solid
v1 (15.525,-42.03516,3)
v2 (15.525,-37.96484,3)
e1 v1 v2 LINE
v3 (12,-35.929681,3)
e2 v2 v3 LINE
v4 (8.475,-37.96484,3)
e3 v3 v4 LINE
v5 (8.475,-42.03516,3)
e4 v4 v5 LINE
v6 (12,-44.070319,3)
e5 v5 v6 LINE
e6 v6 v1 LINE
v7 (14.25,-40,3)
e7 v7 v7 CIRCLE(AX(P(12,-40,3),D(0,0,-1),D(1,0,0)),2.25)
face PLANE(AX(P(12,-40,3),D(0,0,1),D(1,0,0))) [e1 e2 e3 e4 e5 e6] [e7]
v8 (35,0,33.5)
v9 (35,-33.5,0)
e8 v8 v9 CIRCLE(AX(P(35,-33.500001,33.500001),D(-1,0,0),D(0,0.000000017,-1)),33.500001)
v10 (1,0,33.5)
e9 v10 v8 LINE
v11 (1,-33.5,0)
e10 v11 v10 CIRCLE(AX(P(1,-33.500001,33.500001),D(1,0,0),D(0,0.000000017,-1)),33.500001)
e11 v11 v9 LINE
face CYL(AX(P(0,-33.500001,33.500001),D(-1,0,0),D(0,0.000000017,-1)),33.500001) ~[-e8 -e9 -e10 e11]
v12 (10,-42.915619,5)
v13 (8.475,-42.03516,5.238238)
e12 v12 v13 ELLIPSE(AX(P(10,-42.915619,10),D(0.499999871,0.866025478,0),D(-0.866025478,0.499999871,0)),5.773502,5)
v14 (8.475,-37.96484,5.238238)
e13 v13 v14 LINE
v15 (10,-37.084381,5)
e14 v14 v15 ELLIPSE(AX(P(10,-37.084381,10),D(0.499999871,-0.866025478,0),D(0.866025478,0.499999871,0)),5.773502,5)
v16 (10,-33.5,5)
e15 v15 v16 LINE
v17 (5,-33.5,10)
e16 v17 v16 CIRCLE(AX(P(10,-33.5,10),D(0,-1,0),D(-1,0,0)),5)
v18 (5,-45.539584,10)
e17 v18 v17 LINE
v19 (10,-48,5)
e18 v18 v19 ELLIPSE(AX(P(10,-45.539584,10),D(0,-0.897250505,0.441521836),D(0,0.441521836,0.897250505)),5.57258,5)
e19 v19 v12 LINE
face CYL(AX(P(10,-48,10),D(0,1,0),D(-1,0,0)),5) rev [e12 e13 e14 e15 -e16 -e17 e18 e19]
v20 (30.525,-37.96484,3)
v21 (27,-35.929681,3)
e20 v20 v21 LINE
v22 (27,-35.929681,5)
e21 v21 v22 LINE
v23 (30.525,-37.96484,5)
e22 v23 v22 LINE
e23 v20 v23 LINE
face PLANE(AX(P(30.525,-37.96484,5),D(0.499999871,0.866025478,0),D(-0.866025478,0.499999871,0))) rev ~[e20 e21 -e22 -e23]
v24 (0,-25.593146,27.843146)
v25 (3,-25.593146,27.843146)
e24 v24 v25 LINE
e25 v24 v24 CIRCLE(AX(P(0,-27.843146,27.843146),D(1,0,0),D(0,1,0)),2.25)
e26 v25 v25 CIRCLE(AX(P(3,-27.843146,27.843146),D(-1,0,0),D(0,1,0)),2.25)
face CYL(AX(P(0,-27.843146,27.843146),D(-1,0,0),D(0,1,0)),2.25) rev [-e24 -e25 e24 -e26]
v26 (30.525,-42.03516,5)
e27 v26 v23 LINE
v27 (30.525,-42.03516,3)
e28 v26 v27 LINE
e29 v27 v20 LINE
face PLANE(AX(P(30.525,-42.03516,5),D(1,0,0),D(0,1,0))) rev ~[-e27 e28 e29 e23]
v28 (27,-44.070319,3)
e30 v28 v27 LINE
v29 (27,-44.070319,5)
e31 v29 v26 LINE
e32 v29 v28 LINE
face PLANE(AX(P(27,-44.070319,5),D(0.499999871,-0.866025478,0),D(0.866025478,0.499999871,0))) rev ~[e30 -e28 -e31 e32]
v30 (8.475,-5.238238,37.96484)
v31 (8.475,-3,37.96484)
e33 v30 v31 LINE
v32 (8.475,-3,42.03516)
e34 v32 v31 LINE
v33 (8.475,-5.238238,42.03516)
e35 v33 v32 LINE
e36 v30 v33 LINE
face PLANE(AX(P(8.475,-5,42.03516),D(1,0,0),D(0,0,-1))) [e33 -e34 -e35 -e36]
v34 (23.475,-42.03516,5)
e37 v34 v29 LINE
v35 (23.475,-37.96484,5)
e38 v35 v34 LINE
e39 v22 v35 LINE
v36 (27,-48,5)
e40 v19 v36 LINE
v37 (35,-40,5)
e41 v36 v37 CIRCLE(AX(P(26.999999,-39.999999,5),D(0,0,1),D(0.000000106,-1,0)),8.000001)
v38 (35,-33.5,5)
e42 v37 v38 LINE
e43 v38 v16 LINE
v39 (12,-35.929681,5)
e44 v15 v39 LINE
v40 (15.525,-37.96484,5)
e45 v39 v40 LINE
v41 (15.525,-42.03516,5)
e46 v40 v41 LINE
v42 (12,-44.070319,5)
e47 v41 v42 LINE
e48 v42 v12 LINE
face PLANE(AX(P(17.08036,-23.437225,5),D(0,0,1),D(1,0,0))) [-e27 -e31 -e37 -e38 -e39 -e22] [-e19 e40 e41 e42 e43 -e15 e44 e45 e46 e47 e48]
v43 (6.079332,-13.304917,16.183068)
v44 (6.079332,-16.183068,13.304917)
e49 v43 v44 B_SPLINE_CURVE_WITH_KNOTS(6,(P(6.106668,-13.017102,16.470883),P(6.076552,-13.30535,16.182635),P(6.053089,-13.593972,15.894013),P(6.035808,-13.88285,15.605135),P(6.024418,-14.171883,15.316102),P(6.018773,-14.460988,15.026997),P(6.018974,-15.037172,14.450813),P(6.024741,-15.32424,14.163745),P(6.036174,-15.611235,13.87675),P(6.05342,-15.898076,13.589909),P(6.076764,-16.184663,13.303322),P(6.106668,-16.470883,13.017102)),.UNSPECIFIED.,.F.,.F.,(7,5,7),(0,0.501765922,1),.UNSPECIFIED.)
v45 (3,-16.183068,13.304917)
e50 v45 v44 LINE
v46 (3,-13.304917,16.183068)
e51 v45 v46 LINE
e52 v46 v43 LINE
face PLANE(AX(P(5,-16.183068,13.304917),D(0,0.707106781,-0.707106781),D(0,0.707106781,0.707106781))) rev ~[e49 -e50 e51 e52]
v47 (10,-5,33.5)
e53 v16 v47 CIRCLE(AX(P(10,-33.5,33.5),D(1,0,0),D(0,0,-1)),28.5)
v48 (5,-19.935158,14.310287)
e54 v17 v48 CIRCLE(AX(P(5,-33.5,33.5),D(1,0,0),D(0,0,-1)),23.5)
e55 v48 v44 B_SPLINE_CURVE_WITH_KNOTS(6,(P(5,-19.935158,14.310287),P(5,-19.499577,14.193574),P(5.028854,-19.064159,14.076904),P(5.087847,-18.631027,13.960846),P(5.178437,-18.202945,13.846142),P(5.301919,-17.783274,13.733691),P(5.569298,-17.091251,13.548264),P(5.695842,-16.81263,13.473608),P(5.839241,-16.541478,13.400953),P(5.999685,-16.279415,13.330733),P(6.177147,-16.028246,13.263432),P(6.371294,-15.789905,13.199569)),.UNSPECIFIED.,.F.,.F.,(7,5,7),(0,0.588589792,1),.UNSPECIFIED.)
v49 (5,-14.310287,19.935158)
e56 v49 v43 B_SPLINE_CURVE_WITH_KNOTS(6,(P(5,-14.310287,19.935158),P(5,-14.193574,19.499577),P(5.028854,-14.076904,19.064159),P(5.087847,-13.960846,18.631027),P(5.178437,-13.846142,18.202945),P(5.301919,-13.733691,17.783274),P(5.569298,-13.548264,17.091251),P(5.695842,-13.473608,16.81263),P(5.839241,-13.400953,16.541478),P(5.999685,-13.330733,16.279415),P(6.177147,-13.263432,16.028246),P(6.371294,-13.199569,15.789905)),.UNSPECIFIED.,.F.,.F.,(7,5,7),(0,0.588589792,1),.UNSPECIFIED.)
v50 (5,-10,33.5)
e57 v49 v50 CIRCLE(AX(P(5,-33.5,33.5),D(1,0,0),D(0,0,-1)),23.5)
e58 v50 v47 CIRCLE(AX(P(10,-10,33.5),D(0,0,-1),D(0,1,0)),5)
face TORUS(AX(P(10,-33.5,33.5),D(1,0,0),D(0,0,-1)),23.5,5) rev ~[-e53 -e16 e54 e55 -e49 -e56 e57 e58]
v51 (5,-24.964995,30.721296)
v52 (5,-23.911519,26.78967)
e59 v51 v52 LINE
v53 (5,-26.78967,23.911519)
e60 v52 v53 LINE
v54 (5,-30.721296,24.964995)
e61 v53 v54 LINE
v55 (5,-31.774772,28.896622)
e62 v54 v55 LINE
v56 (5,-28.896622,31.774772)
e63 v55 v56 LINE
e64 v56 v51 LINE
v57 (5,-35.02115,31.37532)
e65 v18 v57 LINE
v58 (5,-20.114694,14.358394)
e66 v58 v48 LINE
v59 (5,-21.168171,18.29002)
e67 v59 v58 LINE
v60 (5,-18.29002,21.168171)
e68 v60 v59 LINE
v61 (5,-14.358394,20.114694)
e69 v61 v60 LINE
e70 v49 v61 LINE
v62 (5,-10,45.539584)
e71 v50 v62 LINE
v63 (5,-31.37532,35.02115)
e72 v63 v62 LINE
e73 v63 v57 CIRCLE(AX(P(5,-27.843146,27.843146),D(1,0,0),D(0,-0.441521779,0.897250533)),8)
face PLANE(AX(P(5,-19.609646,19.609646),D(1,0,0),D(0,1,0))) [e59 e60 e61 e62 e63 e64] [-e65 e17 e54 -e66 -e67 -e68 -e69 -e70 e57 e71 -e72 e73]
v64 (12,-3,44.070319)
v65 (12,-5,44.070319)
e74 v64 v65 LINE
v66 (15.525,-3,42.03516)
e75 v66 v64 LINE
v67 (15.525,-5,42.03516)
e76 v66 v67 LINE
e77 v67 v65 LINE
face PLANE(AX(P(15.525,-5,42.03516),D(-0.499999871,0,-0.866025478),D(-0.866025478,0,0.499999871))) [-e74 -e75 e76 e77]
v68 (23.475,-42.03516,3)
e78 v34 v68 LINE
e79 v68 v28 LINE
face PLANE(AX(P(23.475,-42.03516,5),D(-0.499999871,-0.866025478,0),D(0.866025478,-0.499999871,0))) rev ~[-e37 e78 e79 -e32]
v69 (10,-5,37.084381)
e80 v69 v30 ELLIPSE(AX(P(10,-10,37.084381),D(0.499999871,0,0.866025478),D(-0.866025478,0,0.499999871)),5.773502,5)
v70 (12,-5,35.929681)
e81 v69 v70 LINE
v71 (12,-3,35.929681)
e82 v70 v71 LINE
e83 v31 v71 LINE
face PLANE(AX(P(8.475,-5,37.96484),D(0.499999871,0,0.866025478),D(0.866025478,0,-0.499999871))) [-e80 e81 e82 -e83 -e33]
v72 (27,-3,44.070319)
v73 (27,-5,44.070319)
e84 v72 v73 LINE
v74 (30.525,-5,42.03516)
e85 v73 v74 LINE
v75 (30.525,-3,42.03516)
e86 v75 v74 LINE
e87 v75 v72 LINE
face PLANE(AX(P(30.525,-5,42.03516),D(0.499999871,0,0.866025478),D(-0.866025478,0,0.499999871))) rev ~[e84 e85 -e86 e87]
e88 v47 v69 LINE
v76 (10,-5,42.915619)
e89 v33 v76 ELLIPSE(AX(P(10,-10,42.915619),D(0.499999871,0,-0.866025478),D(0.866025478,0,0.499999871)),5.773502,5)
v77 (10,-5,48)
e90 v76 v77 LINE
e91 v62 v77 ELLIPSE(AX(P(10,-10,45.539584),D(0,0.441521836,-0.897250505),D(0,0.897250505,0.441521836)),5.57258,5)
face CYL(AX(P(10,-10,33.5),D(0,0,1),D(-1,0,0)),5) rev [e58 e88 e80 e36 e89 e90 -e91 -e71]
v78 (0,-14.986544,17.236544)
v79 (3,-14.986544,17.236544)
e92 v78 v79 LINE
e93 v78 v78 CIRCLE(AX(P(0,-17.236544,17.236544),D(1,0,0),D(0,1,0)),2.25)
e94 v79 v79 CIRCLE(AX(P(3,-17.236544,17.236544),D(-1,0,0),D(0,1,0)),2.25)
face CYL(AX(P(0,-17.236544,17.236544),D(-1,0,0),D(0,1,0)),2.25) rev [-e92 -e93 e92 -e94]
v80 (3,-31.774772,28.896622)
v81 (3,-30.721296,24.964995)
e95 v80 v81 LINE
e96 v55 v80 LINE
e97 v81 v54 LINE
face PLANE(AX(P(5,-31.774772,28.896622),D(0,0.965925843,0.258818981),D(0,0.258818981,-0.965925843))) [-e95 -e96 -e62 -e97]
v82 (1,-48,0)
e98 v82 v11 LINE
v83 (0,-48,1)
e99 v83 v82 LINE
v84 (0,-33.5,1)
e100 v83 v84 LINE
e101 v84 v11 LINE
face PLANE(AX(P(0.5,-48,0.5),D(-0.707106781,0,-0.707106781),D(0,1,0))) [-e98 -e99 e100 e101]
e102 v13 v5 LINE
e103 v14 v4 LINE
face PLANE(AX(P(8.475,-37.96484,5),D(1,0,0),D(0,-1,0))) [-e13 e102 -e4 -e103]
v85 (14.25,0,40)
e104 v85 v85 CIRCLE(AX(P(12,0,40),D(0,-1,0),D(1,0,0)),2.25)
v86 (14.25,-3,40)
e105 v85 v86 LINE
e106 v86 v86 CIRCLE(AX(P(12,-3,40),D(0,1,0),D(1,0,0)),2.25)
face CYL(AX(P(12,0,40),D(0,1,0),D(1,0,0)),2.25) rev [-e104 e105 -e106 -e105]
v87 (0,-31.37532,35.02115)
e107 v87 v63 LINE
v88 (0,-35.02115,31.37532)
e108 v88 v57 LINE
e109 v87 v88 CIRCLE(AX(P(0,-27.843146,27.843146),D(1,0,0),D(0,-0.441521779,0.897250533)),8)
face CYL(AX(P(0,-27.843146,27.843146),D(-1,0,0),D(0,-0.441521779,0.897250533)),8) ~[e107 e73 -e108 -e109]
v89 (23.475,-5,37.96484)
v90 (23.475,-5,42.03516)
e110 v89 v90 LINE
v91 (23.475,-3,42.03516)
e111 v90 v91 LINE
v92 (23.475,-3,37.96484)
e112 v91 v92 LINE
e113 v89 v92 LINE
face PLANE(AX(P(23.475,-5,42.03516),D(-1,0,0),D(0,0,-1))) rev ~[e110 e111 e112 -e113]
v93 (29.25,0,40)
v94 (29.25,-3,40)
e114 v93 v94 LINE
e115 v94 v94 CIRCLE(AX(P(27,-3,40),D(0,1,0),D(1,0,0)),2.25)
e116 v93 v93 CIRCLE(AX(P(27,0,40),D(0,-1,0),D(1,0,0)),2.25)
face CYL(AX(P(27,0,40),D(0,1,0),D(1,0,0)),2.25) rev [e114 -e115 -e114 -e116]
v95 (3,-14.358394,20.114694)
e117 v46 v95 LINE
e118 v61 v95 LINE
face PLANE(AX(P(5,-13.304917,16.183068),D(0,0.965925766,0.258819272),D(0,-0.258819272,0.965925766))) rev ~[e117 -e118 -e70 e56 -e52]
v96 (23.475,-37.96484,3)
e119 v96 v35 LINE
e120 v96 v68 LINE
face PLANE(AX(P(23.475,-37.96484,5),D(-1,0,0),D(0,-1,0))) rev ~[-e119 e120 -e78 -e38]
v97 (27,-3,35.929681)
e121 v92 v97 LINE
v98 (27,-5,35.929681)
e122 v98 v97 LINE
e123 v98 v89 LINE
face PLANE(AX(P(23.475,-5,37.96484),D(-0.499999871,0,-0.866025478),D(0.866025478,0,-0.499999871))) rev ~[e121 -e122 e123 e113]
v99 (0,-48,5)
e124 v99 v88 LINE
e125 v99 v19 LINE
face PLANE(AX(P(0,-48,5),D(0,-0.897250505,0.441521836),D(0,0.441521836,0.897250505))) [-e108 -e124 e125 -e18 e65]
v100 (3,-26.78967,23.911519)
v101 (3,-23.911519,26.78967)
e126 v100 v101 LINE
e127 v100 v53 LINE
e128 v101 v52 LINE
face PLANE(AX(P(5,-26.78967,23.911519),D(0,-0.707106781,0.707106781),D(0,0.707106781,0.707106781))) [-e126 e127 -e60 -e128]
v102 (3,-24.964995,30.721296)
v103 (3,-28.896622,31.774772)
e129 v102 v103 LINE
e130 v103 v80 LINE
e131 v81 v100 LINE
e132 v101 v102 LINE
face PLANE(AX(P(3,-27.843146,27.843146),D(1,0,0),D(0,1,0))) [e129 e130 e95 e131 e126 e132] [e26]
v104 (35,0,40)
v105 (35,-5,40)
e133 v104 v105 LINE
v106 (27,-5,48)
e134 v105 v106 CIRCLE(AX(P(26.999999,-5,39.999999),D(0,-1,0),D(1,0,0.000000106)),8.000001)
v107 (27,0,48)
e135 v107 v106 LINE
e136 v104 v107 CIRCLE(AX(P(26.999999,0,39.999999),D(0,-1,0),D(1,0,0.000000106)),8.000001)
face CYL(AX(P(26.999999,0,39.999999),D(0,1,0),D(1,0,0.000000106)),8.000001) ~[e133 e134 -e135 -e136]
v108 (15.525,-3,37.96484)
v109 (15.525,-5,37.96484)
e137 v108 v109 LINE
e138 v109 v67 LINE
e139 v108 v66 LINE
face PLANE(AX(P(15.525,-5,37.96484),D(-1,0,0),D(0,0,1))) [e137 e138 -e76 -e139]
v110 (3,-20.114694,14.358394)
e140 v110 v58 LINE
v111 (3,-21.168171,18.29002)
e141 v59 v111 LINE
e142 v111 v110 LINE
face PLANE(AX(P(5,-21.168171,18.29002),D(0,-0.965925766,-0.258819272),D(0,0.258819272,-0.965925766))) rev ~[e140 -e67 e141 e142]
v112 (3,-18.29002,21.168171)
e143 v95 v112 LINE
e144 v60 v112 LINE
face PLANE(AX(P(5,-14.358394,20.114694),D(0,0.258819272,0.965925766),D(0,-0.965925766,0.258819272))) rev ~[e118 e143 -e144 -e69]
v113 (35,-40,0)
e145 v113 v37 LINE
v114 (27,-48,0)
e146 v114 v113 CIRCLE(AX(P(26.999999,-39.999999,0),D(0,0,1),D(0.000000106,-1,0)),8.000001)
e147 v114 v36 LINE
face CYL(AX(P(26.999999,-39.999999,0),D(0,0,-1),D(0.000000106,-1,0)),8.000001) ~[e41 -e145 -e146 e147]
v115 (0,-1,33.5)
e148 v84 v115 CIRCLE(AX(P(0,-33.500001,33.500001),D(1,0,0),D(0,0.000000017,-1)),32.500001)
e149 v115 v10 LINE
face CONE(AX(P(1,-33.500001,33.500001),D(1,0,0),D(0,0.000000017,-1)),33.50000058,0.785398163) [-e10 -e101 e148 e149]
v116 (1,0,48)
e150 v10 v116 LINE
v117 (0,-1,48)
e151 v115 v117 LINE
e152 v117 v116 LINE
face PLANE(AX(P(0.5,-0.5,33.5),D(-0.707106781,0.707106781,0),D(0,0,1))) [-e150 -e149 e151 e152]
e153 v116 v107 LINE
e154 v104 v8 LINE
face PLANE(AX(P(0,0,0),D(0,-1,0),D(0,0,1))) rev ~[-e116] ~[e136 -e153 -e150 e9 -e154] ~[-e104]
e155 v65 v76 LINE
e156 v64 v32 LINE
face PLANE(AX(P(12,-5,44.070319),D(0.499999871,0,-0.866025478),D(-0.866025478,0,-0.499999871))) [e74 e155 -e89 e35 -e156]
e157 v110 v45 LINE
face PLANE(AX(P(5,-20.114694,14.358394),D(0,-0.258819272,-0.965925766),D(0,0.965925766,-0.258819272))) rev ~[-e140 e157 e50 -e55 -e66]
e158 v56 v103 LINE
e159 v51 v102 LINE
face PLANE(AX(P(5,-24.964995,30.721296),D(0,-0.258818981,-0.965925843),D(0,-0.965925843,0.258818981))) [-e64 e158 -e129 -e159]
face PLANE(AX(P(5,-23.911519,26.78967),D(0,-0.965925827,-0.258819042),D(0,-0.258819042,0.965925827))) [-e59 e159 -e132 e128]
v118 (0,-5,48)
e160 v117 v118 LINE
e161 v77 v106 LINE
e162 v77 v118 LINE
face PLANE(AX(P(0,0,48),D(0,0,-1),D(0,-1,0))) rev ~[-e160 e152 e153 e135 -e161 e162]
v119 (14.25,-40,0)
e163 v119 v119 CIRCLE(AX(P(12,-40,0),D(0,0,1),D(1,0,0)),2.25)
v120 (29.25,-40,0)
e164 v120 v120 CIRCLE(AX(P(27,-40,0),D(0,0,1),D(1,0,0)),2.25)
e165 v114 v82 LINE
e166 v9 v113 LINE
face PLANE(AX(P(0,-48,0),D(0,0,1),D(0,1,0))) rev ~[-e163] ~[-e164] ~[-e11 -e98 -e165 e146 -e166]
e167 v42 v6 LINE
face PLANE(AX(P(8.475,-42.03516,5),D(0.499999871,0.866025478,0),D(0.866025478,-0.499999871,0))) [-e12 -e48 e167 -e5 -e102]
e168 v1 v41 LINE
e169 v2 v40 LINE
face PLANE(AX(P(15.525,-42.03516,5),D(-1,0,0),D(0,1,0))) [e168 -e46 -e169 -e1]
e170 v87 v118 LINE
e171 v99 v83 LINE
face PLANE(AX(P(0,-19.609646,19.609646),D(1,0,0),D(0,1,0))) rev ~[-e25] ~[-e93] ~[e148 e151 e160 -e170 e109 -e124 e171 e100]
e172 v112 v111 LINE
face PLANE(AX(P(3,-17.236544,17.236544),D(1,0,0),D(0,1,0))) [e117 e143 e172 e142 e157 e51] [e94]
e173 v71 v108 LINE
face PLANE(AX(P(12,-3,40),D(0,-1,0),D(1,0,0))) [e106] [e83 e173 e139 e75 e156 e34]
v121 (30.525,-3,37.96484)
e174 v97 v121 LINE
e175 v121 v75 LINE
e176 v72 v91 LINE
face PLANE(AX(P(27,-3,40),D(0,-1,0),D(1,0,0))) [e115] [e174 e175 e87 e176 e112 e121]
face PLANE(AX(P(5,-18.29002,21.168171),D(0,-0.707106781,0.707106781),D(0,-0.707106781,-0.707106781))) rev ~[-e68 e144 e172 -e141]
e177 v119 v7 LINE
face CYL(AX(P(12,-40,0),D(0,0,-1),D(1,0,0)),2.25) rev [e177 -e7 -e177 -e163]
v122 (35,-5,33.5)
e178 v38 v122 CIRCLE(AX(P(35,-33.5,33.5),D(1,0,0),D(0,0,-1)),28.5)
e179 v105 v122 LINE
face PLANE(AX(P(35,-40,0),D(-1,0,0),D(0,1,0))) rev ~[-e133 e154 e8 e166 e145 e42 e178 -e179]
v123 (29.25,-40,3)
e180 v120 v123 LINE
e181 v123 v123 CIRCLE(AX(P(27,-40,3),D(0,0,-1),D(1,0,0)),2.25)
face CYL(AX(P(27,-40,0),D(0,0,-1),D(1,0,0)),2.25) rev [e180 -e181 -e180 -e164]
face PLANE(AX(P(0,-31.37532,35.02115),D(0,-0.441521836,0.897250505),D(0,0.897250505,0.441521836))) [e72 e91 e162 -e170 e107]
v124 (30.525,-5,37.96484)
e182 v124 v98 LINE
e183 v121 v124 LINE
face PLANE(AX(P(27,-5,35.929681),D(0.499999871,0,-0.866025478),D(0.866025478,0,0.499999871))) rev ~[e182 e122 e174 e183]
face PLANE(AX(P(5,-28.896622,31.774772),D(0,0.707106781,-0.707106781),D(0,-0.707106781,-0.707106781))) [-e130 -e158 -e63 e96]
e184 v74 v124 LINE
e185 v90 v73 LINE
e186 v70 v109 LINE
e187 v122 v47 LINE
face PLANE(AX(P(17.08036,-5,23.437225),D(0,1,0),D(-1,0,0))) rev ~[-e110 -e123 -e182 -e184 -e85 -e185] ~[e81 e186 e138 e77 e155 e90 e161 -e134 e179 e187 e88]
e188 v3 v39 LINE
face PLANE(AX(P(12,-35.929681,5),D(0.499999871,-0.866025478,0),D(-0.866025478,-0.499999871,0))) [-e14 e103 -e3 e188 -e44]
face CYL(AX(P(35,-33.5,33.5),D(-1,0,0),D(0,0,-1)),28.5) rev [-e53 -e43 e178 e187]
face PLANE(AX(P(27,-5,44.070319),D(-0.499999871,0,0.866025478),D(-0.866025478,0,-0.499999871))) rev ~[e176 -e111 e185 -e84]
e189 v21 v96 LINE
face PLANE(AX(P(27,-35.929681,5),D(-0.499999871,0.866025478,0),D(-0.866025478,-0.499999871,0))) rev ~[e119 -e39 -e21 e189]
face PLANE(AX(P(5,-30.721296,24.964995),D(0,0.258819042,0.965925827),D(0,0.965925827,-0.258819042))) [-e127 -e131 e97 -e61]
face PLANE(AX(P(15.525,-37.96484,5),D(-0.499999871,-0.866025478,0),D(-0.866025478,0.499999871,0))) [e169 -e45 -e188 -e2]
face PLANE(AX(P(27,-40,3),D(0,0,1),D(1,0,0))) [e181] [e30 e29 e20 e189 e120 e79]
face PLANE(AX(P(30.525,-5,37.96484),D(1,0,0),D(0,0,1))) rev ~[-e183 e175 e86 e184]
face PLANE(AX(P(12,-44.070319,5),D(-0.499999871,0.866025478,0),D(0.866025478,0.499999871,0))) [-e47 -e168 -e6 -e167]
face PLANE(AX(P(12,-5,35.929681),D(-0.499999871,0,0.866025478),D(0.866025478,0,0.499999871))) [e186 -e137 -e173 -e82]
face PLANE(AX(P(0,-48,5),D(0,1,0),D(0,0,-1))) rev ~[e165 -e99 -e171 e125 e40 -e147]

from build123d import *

# Parameters (mm, degrees)
PAD_DEPTH       = 5
PAD001_DEPTH    = 5
PAD002_DEPTH    = 5
FILLET003_R     = 28.5
POCKET003_DEPTH = 35.001
FILLET_R        = 5
SKETCH003_R     = 2.25
HOLE_DEPTH      = 48.001
SKETCH004_R     = 2.25
HOLE001_DEPTH   = 35.001
SKETCH005_R     = 2.25
HOLE002_DEPTH   = 48.001
POCKET_DEPTH    = 2
POCKET001_DEPTH = 2
POCKET002_DEPTH = 2
CHAMFER_SIZE    = 1


with BuildPart() as part:
    # Sketch → Pad (new body)
    with BuildSketch(Plane.YZ):
        with BuildLine():
            Line((0, 48), (-5, 48))
            Line((-31.37532, 35.02115), (-5, 48))
            ThreePointArc((-31.37532, 35.02115), (-33.5, 33.5), (-35.02115, 31.37532))
            Line((-48, 5), (-35.02115, 31.37532))
            Line((-48, 5), (-48, 0))
            Line((-48, 0), (0, 0))
            Line((0, 0), (0, 48))
        make_face()
    extrude(amount=PAD_DEPTH)

    # Sketch001 → Pad001 (join)
    with BuildSketch(Plane.XY):
        with BuildLine():
            Line((0, 0), (0, -48))
            Line((0, -48), (27, -48))
            ThreePointArc((27, -48), (32.656854, -45.656854), (35, -40))
            Line((35, -40), (35, 0))
            Line((35, 0), (0, 0))
        make_face()
    extrude(amount=PAD001_DEPTH)

    # Sketch002 (on DatumPlane) → Pad002 (join)
    with BuildSketch(Plane.XZ):
        with BuildLine():
            Line((0, 0), (0, 48))
            Line((0, 48), (27, 48))
            ThreePointArc((35, 40), (32.656854, 45.656854), (27, 48))
            Line((35, 40), (35, 0))
            Line((35, 0), (0, 0))
        make_face()
    extrude(amount=PAD002_DEPTH)

    # Fillet003
    fillet003_edges = [part.edges().sort_by_distance(p)[0] for p in [
        (20, -5, 5),
    ]]
    fillet(fillet003_edges, radius=FILLET003_R)

    # Sketch009 → Pocket003 (cut, through all)
    with BuildSketch(Plane.YZ):
        with BuildLine():
            ThreePointArc((-33.5, 0), (-9.811923, 9.811923), (0, 33.5))
            Line((0, 33.5), (0, 0))
            Line((-33.5, 0), (0, 0))
        make_face()
    extrude(amount=POCKET003_DEPTH, mode=Mode.SUBTRACT)

    # Fillet
    fillet_edges = [part.edges().sort_by_distance(p)[0] for p in [
        (5, -13.347457, 13.347457),
    ]]
    fillet(fillet_edges, radius=FILLET_R)

    # Sketch003 → Hole (cut, through all)
    with BuildSketch(Plane.XY):
        with Locations((12, -40)):
            Circle(SKETCH003_R)
        with Locations((27, -40)):
            Circle(SKETCH003_R)
    extrude(amount=HOLE_DEPTH, mode=Mode.SUBTRACT)

    # Sketch004 → Hole001 (cut, through all)
    with BuildSketch(Plane.YZ):
        with Locations((-17.236544, 17.236544)):
            Circle(SKETCH004_R)
        with Locations((-27.843146, 27.843146)):
            Circle(SKETCH004_R)
    extrude(amount=HOLE001_DEPTH, mode=Mode.SUBTRACT)

    # Sketch005 (on DatumPlane) → Hole002 (cut, through all)
    with BuildSketch(Plane.XZ):
        with Locations((12, 40)):
            Circle(SKETCH005_R)
        with Locations((27, 40)):
            Circle(SKETCH005_R)
    extrude(amount=HOLE002_DEPTH, mode=Mode.SUBTRACT)

    # Sketch006 (on DatumPlane) → Pocket (cut, symmetric)
    with BuildSketch(Plane.XY.offset(5)):
        Polygon((12, -44.070319), (15.525, -42.03516), (15.525, -37.96484), (12, -35.929681), (8.475, -37.96484), (8.475, -42.03516), align=None)
        Polygon((30.525, -42.03516), (30.525, -37.96484), (27, -35.929681), (23.475, -37.96484), (23.475, -42.03516), (27, -44.070319), align=None)
    extrude(amount=POCKET_DEPTH, both=True, mode=Mode.SUBTRACT)

    # Sketch007 (on DatumPlane) → Pocket001 (cut, symmetric)
    with BuildSketch(Plane.YZ.offset(5)):
        Polygon((-31.774772, 28.896622), (-30.721296, 24.964995), (-26.78967, 23.911519), (-23.911519, 26.78967), (-24.964995, 30.721296), (-28.896622, 31.774772), align=None)
        Polygon((-21.168171, 18.29002), (-20.114694, 14.358394), (-16.183068, 13.304917), (-13.304917, 16.183068), (-14.358394, 20.114694), (-18.29002, 21.168171), align=None)
    extrude(amount=POCKET001_DEPTH, both=True, mode=Mode.SUBTRACT)

    # Sketch008 (on DatumPlane) → Pocket002 (cut, symmetric)
    with BuildSketch(Plane.XZ.offset(5)):
        Polygon((12, 35.929681), (15.525, 37.96484), (15.525, 42.03516), (12, 44.070319), (8.475, 42.03516), (8.475, 37.96484), align=None)
        Polygon((27, 35.929681), (30.525, 37.96484), (30.525, 42.03516), (27, 44.070319), (23.475, 42.03516), (23.475, 37.96484), align=None)
    extrude(amount=POCKET002_DEPTH, both=True, mode=Mode.SUBTRACT)

    # Chamfer
    chamfer_edges = [part.edges().sort_by_distance(p)[0] for p in [
        (0, -9.811923, 9.811923),
    ]]
    chamfer(chamfer_edges, length=CHAMFER_SIZE)


solid = part.part
